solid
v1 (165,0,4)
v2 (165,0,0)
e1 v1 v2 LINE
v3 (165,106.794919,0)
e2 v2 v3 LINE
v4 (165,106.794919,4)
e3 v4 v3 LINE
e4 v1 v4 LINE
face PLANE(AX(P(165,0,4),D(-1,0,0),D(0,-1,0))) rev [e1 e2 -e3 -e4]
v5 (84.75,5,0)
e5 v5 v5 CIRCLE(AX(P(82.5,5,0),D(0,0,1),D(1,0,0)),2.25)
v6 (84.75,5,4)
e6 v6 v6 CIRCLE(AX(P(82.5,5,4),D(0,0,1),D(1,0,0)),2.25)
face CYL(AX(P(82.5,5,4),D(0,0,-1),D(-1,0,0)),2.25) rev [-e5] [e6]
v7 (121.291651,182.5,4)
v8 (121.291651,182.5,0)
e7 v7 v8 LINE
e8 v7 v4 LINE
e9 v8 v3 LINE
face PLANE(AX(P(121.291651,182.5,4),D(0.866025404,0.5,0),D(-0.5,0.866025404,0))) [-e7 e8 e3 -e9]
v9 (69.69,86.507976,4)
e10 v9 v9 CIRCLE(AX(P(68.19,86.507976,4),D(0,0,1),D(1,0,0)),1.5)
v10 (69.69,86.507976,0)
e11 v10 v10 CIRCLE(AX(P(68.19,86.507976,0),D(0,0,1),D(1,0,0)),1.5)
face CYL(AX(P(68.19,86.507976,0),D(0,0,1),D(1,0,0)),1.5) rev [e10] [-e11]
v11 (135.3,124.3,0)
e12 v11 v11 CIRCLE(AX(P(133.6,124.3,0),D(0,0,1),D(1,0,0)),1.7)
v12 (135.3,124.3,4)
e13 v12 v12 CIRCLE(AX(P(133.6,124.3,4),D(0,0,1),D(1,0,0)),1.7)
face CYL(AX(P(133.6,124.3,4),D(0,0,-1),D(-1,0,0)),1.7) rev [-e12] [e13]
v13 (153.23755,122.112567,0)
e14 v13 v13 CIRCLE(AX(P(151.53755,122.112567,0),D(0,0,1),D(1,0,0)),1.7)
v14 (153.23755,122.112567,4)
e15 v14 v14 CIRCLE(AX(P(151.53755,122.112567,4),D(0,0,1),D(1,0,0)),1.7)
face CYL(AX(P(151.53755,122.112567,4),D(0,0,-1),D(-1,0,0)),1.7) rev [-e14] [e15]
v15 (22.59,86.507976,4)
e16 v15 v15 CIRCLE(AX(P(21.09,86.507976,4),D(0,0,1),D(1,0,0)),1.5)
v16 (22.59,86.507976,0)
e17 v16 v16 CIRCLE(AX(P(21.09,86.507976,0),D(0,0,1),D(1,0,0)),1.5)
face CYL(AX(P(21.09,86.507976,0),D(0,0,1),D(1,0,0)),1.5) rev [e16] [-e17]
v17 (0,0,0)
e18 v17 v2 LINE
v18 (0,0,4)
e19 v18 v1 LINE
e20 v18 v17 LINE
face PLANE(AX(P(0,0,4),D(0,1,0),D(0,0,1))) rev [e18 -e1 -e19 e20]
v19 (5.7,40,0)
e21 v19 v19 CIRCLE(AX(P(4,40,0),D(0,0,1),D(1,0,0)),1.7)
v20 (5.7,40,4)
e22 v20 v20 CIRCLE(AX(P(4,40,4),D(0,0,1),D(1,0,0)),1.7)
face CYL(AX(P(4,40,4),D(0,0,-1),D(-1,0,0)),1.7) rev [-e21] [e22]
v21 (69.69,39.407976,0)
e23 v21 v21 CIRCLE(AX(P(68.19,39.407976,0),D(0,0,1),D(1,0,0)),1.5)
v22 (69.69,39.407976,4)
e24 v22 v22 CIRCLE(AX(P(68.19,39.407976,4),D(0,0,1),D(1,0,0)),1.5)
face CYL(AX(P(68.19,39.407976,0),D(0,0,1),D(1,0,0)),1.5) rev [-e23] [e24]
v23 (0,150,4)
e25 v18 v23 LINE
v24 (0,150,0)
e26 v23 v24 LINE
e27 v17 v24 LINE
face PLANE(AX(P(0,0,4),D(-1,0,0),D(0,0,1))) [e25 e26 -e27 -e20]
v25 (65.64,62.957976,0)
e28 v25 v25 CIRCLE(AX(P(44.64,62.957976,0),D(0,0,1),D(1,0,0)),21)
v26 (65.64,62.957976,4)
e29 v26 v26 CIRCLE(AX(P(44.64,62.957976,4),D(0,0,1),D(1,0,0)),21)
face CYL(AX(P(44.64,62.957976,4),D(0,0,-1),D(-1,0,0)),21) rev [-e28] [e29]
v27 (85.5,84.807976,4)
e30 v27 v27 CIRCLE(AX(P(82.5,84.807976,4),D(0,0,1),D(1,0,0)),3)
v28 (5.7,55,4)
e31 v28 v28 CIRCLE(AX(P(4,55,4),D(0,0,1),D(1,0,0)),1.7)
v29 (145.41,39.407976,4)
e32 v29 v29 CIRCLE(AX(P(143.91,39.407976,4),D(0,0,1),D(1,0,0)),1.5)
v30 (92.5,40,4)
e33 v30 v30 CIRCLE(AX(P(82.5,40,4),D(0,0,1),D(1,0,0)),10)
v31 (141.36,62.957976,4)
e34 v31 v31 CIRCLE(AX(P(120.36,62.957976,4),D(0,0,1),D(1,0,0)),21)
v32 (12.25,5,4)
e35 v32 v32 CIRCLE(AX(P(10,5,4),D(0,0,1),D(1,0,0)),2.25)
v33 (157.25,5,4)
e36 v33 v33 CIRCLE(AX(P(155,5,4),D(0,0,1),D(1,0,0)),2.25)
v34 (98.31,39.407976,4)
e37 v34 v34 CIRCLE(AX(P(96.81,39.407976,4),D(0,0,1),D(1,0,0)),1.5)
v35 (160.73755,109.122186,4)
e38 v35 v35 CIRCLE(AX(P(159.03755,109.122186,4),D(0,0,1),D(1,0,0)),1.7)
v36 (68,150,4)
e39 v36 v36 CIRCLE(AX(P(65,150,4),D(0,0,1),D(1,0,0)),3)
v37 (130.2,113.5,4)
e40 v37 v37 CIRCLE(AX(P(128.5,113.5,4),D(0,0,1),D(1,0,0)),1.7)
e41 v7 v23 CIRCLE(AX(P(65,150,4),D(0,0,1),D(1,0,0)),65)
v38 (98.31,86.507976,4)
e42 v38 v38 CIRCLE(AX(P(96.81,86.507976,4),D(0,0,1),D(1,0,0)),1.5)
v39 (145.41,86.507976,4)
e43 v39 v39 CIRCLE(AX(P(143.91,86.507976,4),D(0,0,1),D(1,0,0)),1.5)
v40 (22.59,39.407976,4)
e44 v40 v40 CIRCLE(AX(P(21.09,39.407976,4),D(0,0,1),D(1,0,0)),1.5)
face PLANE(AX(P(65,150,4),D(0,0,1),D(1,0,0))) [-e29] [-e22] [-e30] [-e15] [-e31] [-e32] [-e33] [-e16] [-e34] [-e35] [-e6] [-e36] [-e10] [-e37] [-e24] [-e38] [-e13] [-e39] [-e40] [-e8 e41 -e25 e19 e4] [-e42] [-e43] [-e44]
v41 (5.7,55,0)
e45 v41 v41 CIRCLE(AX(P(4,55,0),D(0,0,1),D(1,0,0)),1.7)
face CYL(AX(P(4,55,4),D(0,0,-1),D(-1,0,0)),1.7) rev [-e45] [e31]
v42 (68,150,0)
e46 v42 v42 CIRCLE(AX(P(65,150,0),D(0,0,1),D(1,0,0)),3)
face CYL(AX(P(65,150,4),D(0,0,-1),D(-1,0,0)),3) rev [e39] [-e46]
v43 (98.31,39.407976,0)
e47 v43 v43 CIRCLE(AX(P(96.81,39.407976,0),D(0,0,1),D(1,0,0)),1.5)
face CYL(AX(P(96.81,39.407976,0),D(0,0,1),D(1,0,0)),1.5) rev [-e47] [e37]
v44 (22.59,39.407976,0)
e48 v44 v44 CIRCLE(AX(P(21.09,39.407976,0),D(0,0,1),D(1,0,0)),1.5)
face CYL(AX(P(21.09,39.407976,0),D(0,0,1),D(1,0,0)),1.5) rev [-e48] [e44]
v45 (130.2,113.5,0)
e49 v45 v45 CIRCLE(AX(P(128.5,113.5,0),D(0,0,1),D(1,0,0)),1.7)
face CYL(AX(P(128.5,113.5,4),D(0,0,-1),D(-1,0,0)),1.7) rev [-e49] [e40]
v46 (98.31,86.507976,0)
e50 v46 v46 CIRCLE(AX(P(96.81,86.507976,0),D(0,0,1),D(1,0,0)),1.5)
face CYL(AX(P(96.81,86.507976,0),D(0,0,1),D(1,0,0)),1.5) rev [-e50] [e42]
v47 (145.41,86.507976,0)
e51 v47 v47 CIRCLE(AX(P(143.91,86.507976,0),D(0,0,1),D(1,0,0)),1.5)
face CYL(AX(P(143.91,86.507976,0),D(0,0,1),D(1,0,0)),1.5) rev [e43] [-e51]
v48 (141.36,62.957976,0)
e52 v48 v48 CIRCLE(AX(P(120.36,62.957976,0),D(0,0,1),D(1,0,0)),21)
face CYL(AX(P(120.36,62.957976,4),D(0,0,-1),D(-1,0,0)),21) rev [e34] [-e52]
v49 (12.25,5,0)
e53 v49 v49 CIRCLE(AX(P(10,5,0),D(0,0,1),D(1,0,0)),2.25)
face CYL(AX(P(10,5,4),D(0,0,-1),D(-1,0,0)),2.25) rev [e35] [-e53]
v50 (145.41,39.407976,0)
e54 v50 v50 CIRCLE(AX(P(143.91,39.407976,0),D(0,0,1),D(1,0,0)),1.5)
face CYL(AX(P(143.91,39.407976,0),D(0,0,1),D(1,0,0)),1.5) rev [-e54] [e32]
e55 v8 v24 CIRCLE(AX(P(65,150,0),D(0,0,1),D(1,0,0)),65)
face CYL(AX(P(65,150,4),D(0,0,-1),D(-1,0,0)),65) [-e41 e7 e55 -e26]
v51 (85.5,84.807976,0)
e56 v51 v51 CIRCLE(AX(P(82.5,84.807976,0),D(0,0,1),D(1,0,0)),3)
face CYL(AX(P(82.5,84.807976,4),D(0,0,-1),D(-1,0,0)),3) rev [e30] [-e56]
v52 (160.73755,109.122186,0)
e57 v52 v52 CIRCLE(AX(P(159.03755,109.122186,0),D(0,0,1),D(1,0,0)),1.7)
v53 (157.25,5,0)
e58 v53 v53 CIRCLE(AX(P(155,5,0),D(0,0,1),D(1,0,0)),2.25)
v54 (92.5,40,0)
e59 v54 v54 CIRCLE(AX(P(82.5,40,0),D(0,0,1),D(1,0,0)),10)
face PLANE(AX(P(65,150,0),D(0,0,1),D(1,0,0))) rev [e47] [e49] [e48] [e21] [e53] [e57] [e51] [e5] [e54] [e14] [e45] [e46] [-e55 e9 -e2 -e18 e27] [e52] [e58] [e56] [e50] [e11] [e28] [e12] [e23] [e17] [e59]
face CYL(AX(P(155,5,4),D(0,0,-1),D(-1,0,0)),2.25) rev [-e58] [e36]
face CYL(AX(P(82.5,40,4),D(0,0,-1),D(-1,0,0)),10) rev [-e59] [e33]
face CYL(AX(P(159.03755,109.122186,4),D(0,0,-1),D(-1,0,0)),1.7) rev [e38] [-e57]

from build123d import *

# Parameters (mm, degrees)
ESQUISSE1_R                     = 3
ESQUISSE1_R_2                   = 10
ESQUISSE1_R_3                   = 2.25
ESQUISSE1_R_4                   = 1.7
ESQUISSE1_R_5                   = 21
BASE_EXTRUSION_DEPTH            = 4
ESQUISSE2_R                     = 1.5
ENL_V_MAT_EXTRU_1_DEPTH         = 272.046121537
R_P_TITION_LIN_AIRE1_COUNT      = 2
R_P_TITION_LIN_AIRE1_PITCH      = 47.1
R_P_TITION_LIN_AIRE1_COUNT_DIR2 = 2
R_P_TITION_LIN_AIRE1_PITCH_DIR2 = 47.1
ESQUISSE3_R                     = 1.5
ENL_V_MAT_EXTRU_2_DEPTH         = 234.557566427
R_P_TITION_LIN_AIRE2_COUNT      = 2
R_P_TITION_LIN_AIRE2_PITCH      = 47.1
R_P_TITION_LIN_AIRE2_COUNT_DIR2 = 2
R_P_TITION_LIN_AIRE2_PITCH_DIR2 = 47.1


with BuildPart() as part:
    # Esquisse1 → Base-Extrusion (new body)
    with BuildSketch(Plane.XY):
        with BuildLine():
            Line((0, 0), (165, 0))
            Line((165, 0), (165, 106.794919243))
            Line((165, 106.794919243), (121.291651246, 182.5))
            ThreePointArc((121.291651246, 182.5), (48.176762068, 212.785178709), (0, 150))
            Line((0, 150), (0, 0))
        make_face()
        with Locations((65, 150)):
            Circle(ESQUISSE1_R, mode=Mode.SUBTRACT)
        with Locations((82.5, 40)):
            Circle(ESQUISSE1_R_2, mode=Mode.SUBTRACT)
        with Locations((82.5, 5)):
            Circle(ESQUISSE1_R_3, mode=Mode.SUBTRACT)
        with Locations((10, 5)):
            Circle(ESQUISSE1_R_3, mode=Mode.SUBTRACT)
        with Locations((155, 5)):
            Circle(ESQUISSE1_R_3, mode=Mode.SUBTRACT)
        with Locations((4, 40)):
            Circle(ESQUISSE1_R_4, mode=Mode.SUBTRACT)
        with Locations((4, 55)):
            Circle(ESQUISSE1_R_4, mode=Mode.SUBTRACT)
        with Locations((82.5, 84.807975948)):
            Circle(ESQUISSE1_R, mode=Mode.SUBTRACT)
        with Locations((44.64, 62.957975948)):
            Circle(ESQUISSE1_R_5, mode=Mode.SUBTRACT)
        with Locations((120.36, 62.957975948)):
            Circle(ESQUISSE1_R_5, mode=Mode.SUBTRACT)
        with Locations((151.537549631, 122.112567277)):
            Circle(ESQUISSE1_R_4, mode=Mode.SUBTRACT)
        with Locations((159.037549631, 109.12218622)):
            Circle(ESQUISSE1_R_4, mode=Mode.SUBTRACT)
        with Locations((128.5, 113.5)):
            Circle(ESQUISSE1_R_4, mode=Mode.SUBTRACT)
        with Locations((133.6, 124.3)):
            Circle(ESQUISSE1_R_4, mode=Mode.SUBTRACT)
    extrude(amount=BASE_EXTRUSION_DEPTH)

    # Esquisse2 → Enlèv. mat.-Extru.1 (cut, through all)
    with BuildSketch(Plane.XY.offset(4)):
        with Locations((21.09, 86.507975948)):
            Circle(ESQUISSE2_R)
    enl_v_mat_extru_1 = extrude(amount=-ENL_V_MAT_EXTRU_1_DEPTH, mode=Mode.SUBTRACT)

    # Répétition linéaire1: Enl_v. mat.-Extru.1 2 × 2
    with Locations(*[(i * R_P_TITION_LIN_AIRE1_PITCH, -j * R_P_TITION_LIN_AIRE1_PITCH_DIR2, 0) for i in range(R_P_TITION_LIN_AIRE1_COUNT) for j in range(R_P_TITION_LIN_AIRE1_COUNT_DIR2) if (i, j) != (0, 0)]):
        add(enl_v_mat_extru_1, mode=Mode.SUBTRACT)

    # Esquisse3 → Enlèv. mat.-Extru.2 (cut, through all)
    with BuildSketch(Plane(origin=(31.548888889, 23.365092485, 4), x_dir=(1, 0, 0), z_dir=(0, 0, 1))):
        with Locations((65.261111111, 63.142883463)):
            Circle(ESQUISSE3_R)
    enl_v_mat_extru_2 = extrude(amount=-ENL_V_MAT_EXTRU_2_DEPTH, mode=Mode.SUBTRACT)

    # Répétition linéaire2: Enl_v. mat.-Extru.2 2 × 2
    with Locations(*[(i * R_P_TITION_LIN_AIRE2_PITCH, -j * R_P_TITION_LIN_AIRE2_PITCH_DIR2, 0) for i in range(R_P_TITION_LIN_AIRE2_COUNT) for j in range(R_P_TITION_LIN_AIRE2_COUNT_DIR2) if (i, j) != (0, 0)]):
        add(enl_v_mat_extru_2, mode=Mode.SUBTRACT)


solid = part.part
